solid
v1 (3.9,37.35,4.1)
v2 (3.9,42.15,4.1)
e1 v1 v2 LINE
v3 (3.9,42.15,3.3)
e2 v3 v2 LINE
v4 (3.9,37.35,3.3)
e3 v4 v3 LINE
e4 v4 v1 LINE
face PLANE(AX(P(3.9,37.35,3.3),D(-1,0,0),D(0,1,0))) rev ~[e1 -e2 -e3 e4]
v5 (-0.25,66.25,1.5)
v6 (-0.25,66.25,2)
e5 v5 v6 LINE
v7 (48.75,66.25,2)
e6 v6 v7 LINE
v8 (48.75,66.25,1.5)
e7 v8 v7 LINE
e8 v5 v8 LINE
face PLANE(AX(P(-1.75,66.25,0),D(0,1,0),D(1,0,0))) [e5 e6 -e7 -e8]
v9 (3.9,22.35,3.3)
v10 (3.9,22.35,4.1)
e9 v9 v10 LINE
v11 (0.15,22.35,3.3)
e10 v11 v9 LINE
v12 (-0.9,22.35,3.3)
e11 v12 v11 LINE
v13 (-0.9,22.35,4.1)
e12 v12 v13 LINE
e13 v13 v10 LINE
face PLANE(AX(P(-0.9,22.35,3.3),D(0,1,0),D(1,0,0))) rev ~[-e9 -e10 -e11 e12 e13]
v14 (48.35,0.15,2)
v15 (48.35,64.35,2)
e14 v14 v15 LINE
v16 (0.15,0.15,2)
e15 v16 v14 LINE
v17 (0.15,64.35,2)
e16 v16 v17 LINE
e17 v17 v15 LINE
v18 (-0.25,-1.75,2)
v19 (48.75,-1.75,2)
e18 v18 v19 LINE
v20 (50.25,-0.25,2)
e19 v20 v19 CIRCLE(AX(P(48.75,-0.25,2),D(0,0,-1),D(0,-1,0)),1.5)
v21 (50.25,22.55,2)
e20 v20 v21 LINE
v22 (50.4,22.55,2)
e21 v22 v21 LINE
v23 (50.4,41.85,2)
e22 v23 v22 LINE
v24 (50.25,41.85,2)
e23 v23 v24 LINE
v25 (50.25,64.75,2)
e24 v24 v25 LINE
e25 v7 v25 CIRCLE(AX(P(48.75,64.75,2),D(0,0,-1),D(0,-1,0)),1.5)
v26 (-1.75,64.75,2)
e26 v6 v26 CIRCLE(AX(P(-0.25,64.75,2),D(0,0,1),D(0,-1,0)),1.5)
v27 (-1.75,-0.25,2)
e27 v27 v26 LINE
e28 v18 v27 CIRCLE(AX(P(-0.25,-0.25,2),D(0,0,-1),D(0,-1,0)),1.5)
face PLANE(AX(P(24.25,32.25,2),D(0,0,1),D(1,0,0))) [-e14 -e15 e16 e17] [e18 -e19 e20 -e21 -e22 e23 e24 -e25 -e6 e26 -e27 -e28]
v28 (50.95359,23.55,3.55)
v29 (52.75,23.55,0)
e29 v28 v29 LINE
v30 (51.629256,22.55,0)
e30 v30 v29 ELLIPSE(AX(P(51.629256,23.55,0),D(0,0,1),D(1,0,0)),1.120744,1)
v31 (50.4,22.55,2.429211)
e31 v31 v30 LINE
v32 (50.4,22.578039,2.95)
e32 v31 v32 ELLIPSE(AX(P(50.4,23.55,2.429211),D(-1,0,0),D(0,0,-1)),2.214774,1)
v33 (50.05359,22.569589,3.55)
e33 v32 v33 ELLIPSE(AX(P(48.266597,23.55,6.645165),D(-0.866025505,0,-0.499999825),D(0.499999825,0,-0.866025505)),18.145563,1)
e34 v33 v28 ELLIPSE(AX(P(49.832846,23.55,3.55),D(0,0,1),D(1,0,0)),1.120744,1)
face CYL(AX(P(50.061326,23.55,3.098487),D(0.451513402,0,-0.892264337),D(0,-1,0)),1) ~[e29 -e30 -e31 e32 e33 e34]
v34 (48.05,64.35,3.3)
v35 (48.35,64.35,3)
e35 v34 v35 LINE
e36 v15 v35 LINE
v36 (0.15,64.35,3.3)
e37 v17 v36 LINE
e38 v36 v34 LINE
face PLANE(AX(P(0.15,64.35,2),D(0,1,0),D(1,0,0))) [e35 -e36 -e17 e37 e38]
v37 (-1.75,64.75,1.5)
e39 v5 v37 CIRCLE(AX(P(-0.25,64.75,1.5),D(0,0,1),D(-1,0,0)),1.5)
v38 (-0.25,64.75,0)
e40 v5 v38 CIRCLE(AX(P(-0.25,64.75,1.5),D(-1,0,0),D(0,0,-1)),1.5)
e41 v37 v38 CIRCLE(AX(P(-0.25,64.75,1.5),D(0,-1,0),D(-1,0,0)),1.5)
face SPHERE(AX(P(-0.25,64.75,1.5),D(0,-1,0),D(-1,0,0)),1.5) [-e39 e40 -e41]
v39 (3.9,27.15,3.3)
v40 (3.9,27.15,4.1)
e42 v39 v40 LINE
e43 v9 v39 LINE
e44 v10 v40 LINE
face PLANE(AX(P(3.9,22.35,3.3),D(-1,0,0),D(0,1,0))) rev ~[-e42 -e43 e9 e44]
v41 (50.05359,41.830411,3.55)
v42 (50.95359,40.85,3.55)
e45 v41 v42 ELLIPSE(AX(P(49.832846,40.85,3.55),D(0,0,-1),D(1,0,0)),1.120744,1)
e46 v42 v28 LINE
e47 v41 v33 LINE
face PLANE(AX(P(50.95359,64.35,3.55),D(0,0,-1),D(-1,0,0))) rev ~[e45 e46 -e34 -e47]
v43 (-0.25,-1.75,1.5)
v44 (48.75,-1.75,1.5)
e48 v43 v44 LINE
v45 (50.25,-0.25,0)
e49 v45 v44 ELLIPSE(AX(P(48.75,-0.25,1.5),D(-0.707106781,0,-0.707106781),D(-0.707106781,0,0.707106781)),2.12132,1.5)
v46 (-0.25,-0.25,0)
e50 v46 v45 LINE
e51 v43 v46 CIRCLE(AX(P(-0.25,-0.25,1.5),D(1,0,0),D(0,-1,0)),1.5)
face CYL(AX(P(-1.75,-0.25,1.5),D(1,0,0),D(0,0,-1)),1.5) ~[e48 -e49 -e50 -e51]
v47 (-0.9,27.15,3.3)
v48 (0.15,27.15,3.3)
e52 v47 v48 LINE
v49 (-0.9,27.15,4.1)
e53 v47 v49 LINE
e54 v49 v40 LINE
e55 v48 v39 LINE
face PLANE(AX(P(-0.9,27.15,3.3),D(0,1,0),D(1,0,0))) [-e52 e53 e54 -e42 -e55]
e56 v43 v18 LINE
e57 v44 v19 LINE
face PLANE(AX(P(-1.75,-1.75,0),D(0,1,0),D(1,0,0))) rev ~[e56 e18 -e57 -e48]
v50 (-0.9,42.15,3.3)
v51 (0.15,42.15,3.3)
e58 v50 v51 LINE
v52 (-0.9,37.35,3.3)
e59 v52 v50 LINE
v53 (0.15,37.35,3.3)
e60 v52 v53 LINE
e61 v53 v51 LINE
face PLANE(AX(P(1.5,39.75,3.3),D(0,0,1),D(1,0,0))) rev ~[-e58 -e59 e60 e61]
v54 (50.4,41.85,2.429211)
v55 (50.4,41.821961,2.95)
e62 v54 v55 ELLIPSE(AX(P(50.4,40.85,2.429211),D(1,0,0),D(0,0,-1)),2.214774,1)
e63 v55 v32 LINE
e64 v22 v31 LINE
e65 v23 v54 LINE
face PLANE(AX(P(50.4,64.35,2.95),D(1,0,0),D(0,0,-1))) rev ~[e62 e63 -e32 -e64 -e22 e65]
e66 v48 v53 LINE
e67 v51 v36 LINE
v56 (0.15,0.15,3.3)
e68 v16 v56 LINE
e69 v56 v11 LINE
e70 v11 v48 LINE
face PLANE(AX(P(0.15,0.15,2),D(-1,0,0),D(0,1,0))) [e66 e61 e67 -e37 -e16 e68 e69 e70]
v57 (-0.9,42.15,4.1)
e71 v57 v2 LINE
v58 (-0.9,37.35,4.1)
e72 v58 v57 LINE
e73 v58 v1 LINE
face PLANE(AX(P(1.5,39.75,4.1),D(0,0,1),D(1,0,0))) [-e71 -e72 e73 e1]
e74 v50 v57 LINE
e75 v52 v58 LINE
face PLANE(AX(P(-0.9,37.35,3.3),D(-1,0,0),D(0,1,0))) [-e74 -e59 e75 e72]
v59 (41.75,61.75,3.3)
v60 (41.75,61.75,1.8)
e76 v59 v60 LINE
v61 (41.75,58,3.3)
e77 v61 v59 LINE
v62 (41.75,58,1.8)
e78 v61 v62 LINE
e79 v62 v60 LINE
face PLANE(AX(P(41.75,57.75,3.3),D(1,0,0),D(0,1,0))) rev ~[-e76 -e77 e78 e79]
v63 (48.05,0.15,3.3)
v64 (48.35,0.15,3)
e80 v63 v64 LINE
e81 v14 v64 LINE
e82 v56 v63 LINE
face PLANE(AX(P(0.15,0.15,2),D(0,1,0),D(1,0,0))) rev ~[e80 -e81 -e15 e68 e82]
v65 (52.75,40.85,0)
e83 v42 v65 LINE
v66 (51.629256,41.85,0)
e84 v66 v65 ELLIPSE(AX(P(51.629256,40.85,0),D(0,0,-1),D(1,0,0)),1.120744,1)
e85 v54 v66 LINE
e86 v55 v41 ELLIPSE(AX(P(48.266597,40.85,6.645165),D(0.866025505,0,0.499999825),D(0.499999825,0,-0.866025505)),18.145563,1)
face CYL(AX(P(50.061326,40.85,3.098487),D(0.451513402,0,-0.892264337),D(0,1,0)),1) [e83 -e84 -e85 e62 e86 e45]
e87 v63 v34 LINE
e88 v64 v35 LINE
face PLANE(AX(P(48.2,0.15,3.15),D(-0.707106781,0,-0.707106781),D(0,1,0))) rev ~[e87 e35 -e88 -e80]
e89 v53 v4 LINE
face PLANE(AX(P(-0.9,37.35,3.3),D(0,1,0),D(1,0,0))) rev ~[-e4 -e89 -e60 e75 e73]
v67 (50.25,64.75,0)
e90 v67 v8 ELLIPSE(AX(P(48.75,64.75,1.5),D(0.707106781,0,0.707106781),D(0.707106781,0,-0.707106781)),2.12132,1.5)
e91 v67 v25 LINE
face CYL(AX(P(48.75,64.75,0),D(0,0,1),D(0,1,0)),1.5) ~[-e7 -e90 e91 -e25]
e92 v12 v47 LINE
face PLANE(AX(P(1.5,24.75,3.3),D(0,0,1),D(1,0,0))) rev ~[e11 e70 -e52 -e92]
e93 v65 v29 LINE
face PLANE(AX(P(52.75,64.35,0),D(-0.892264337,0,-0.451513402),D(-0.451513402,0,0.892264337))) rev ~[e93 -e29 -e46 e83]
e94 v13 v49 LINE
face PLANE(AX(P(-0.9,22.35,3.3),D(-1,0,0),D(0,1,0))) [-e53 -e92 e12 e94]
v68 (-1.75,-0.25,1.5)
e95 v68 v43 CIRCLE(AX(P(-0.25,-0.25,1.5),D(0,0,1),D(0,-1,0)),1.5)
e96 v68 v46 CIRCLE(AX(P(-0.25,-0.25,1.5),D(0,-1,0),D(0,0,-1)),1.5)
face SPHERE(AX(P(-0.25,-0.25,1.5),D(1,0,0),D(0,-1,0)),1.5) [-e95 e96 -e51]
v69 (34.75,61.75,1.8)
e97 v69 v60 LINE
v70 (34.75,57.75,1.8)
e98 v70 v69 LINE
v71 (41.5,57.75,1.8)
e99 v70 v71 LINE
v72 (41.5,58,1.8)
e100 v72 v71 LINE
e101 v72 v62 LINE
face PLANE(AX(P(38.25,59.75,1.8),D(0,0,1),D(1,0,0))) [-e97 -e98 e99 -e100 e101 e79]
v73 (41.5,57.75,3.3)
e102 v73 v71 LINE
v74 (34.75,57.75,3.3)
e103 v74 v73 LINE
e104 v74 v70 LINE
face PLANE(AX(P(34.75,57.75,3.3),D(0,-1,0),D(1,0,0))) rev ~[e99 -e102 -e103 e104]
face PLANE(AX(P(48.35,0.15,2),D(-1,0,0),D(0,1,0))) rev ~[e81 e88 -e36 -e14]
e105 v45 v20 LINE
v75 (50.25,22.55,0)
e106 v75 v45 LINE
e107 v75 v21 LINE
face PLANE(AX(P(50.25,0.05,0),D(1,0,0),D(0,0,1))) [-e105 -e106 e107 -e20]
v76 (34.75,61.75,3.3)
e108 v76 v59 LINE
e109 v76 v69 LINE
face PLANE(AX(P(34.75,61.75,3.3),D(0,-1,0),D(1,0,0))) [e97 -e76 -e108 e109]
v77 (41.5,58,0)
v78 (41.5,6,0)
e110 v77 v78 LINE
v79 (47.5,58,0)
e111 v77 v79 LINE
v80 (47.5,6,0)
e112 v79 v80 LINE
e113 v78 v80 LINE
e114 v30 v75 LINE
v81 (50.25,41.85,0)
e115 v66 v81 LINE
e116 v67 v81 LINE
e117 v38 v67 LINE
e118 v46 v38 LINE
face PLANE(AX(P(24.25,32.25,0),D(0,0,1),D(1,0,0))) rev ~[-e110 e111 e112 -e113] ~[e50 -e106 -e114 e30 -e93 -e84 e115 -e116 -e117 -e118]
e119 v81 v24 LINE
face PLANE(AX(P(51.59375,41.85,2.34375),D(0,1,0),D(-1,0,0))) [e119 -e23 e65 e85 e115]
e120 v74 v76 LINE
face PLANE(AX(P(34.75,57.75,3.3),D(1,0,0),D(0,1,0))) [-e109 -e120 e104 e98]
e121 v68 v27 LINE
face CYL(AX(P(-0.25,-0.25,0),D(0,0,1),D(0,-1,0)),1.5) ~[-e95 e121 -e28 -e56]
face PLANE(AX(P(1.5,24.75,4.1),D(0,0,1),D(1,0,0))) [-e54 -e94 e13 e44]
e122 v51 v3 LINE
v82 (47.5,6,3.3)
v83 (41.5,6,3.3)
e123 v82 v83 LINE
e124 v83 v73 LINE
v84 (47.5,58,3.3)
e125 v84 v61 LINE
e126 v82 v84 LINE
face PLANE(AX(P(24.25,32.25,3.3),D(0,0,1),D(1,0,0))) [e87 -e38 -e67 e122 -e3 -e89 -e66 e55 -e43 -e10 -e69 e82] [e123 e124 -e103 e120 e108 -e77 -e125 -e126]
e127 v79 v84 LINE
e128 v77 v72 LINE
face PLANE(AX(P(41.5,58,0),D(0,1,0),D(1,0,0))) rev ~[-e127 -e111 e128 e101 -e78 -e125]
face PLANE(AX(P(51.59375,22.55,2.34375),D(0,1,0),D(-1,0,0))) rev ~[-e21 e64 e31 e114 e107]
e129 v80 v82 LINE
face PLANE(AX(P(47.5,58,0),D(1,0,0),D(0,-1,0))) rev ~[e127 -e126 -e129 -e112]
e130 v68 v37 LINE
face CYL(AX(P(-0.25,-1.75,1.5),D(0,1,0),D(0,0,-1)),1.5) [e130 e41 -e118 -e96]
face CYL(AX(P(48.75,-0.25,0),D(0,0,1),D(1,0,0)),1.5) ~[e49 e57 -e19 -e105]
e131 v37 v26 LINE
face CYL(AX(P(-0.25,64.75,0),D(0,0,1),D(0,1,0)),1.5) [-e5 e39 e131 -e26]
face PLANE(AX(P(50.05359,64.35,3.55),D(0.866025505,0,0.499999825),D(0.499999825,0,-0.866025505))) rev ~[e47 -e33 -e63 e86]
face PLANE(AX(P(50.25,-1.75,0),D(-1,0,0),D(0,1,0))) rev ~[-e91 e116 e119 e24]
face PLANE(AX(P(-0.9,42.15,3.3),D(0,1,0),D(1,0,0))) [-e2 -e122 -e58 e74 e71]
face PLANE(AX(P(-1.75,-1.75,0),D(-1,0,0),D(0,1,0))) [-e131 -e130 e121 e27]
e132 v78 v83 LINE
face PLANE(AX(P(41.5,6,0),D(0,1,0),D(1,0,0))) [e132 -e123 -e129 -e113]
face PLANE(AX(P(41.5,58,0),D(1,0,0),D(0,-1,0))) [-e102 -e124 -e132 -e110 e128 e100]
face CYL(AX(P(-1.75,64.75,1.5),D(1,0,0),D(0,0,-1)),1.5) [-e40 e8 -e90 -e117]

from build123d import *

# Parameters (mm, degrees)
SKETCH_W        = 52
SKETCH_H        = 68
PAD_DEPTH       = 2
SKETCH001_W     = 48.2
SKETCH001_H     = 64.2
PAD001_DEPTH    = 1.3
SKETCH002_W     = 4.8
SKETCH002_H     = 4.8
PAD002_DEPTH    = 0.8
PAD003_DEPTH    = 64.3
SKETCH004_W     = 6
SKETCH004_H     = 52
POCKET_DEPTH    = 5
SKETCH005_W     = 7
SKETCH005_H     = 4
POCKET001_DEPTH = 1.5
POCKET002_DEPTH = 22.5
POCKET003_DEPTH = 22.5
FILLET_R        = 1.5
CHAMFER_SIZE    = 0.3
FILLET001_R     = 1


with BuildPart() as part:
    # Sketch → Pad (new body)
    with BuildSketch(Plane.XY):
        with Locations((24.25, 32.25)):
            Rectangle(SKETCH_W, SKETCH_H)
    extrude(amount=PAD_DEPTH)

    # Sketch001 (on Face6 of Pad) → Pad001 (join)
    with BuildSketch(Plane.XY.offset(2)):
        with Locations((24.25, 32.25)):
            Rectangle(SKETCH001_W, SKETCH001_H)
    extrude(amount=PAD001_DEPTH)

    # Sketch002 (on Face11 of Pad001) → Pad002 (join)
    with BuildSketch(Plane.XY.offset(3.3)):
        with Locations((1.5, 24.75)):
            Rectangle(SKETCH002_W, SKETCH002_H)
        with Locations((1.5, 39.75)):
            Rectangle(SKETCH002_W, SKETCH002_H)
    extrude(amount=PAD002_DEPTH)

    # Sketch003 (on Face9 of Pad002) → Pad003 (join)
    with BuildSketch(Plane(origin=(0, 64.35, 0), x_dir=(-1, 0, 0), z_dir=(0, 1, 0))):
        Polygon((-50.25, 0), (-52.75, 0), (-50.95359, 3.55), (-50.05359, 3.55), (-50.4, 2.95), (-50.4, 2), (-50.25, 2), align=None)
    extrude(amount=-PAD003_DEPTH)

    # Sketch004 (on Face4 of Pad003) → Pocket (cut)
    with BuildSketch(Plane(origin=(0, 0, 0), x_dir=(1, 0, 0), z_dir=(0, 0, -1))):
        with Locations((44.5, -32)):
            Rectangle(SKETCH004_W, SKETCH004_H)
    extrude(amount=-POCKET_DEPTH, mode=Mode.SUBTRACT)

    # Sketch005 (on Face24 of Pocket) → Pocket001 (cut)
    with BuildSketch(Plane.XY.offset(3.3)):
        with Locations((38.25, 59.75)):
            Rectangle(SKETCH005_W, SKETCH005_H)
    extrude(amount=-POCKET001_DEPTH, mode=Mode.SUBTRACT)

    # Sketch006 (on Face6 of Pad003) → Pocket002 (cut)
    with BuildSketch(Plane(origin=(0, 64.35, 0), x_dir=(-1, 0, 0), z_dir=(0, 1, 0))):
        Polygon((-50.25, 0), (-50.25, 3), (-49.75, 3), (-49.75, 4.5), (-53.25, 4.5), (-53.25, 0), align=None)
    extrude(amount=-POCKET002_DEPTH, mode=Mode.SUBTRACT)

    # Sketch007 (on Face21 of Pocket002) → Pocket003 (cut)
    with BuildSketch(Plane.XZ.offset(-0.05)):
        Polygon((50.25, 0), (50.25, 3), (49.75, 3), (49.75, 4.5), (53.25, 4.5), (53.25, 0), align=None)
    extrude(amount=-POCKET003_DEPTH, mode=Mode.SUBTRACT)

    # Fillet
    fillet_edges = [part.edges().sort_by_distance(p)[0] for p in [
        (50.25, -1.75, 1),
        (24.25, -1.75, 0),
        (-1.75, -1.75, 1),
        (-1.75, 32.25, 0),
        (-1.75, 66.25, 1),
        (24.25, 66.25, 0),
        (50.25, 66.25, 1),
    ]]
    fillet(fillet_edges, radius=FILLET_R)

    # Chamfer
    chamfer_edges = [part.edges().sort_by_distance(p)[0] for p in [
        (48.35, 32.25, 3.3),
    ]]
    chamfer(chamfer_edges, length=CHAMFER_SIZE)

    # Fillet001
    fillet001_edges = [part.edges().sort_by_distance(p)[0] for p in [
        (51.851795, 41.85, 1.775),
        (51.851795, 22.55, 1.775),
    ]]
    fillet(fillet001_edges, radius=FILLET001_R)


solid = part.part
